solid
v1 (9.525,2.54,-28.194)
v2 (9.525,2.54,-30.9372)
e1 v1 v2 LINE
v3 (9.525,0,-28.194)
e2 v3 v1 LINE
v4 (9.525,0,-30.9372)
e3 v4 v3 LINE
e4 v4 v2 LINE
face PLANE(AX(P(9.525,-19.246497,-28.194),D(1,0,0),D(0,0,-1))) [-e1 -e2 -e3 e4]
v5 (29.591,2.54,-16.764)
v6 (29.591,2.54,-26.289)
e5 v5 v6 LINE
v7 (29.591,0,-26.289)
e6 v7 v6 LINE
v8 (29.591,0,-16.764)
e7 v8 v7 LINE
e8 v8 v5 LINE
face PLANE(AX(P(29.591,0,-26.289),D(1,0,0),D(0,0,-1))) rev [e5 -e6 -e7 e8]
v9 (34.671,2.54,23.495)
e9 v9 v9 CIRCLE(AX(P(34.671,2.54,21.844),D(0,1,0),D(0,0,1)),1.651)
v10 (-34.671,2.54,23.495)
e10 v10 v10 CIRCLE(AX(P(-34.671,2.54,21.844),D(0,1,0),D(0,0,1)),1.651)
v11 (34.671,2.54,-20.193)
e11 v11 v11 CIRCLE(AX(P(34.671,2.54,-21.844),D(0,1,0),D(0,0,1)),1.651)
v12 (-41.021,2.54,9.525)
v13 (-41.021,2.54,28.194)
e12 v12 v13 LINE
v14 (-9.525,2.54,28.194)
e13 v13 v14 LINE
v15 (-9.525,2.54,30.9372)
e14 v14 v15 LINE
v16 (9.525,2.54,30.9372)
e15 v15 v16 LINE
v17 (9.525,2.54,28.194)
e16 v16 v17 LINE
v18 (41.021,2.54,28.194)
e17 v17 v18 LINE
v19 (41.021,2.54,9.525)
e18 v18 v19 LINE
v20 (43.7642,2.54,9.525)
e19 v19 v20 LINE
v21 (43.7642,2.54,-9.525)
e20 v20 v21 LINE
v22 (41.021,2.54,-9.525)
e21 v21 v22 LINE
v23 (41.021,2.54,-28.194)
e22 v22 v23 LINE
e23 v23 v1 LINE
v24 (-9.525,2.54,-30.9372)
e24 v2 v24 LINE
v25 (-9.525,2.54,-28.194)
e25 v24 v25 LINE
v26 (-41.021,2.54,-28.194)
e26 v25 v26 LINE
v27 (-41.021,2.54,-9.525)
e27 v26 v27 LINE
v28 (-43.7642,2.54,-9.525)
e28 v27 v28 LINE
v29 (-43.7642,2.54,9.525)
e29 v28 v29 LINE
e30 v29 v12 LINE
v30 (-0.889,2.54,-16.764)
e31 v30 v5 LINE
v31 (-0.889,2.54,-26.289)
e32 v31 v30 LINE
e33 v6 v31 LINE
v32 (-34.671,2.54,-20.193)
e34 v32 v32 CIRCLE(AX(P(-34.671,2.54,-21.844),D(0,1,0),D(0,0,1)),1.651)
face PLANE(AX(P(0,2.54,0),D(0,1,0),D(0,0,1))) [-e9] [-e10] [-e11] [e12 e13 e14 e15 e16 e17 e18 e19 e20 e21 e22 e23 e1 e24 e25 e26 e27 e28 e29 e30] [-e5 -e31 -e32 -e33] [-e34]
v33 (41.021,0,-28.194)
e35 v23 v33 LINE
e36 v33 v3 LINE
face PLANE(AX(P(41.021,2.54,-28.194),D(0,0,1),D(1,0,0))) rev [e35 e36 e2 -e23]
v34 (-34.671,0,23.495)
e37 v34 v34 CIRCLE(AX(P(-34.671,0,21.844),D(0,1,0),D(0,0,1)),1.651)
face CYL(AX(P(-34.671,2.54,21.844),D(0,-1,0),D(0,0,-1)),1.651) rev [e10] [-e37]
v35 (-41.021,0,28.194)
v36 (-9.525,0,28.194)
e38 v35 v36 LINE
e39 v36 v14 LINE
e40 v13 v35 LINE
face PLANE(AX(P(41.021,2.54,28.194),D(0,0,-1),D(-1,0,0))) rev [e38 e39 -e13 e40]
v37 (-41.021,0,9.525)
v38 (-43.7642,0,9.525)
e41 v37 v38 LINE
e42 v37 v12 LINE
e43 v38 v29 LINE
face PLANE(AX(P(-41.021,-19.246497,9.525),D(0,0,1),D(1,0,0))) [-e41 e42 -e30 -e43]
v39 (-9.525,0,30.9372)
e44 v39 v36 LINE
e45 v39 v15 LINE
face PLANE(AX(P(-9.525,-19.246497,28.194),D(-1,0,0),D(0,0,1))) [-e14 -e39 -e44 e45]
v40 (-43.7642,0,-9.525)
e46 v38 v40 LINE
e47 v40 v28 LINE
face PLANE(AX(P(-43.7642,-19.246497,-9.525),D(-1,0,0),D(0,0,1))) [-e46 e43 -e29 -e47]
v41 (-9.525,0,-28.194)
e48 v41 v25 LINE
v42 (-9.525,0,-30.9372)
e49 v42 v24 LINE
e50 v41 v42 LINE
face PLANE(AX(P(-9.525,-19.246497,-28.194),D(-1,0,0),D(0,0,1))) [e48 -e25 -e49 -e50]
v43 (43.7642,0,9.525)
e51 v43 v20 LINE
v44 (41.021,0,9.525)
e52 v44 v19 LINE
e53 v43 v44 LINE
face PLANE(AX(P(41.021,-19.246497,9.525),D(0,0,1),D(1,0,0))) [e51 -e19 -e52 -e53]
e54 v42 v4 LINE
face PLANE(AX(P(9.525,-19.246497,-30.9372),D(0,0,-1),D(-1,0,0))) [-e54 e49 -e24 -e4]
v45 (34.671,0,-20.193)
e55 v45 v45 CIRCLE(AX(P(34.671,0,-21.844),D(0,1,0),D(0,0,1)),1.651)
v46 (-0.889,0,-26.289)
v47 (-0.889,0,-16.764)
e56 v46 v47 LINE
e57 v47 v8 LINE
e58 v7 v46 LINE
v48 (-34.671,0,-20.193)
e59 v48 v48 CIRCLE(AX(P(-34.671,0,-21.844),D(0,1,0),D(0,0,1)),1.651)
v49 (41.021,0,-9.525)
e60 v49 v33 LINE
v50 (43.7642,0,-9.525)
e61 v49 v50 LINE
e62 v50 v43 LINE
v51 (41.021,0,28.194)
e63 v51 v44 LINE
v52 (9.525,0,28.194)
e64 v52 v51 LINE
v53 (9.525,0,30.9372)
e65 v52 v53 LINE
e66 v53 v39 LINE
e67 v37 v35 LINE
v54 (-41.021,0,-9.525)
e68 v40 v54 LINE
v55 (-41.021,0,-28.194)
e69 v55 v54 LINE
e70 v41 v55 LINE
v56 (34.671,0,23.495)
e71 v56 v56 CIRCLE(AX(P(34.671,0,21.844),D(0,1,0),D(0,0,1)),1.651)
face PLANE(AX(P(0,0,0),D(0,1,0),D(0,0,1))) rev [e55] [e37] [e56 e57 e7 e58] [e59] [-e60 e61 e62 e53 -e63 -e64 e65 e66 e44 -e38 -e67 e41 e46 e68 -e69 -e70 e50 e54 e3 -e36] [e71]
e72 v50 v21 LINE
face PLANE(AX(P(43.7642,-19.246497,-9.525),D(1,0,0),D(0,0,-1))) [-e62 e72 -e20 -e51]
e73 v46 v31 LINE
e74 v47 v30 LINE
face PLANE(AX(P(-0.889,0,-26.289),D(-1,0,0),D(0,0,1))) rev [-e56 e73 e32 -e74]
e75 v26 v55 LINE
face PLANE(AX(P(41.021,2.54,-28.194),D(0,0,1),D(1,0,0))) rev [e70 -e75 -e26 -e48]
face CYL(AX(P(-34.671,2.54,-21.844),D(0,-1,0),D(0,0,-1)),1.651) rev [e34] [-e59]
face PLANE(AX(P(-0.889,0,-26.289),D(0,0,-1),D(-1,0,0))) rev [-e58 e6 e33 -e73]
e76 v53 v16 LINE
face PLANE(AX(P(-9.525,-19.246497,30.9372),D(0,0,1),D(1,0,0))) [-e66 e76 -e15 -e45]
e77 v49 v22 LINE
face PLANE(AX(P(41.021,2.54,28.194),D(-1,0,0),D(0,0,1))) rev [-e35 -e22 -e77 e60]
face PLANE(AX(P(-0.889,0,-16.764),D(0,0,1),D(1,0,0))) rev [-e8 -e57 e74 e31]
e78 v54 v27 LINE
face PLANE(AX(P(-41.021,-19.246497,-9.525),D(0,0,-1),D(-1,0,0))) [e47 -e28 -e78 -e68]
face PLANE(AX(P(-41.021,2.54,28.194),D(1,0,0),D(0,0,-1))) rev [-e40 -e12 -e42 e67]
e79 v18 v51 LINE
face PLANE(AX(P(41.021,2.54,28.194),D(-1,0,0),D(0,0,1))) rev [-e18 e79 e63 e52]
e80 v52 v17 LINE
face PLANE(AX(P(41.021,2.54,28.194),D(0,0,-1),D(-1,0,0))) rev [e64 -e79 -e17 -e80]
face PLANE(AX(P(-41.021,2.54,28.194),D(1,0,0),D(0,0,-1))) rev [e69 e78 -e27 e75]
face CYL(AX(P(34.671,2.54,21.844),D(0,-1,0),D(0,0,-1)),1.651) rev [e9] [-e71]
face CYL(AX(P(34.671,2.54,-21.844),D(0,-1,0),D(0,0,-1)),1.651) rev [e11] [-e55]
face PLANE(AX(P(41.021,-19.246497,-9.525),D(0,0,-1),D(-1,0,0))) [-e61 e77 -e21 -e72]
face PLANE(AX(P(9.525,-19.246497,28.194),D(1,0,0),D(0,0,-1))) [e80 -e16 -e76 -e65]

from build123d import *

# Parameters (mm, degrees)
SKETCH1_W           = 82.042
SKETCH1_H           = 56.388
SKETCH1_R           = 1.651
BOSS_EXTRUDE1_DEPTH = 2.54
SKETCH2_W           = 19.05
SKETCH2_H           = 2.7432
SKETCH2_W_2         = 2.7432
SKETCH2_H_2         = 19.05
BOSS_EXTRUDE2_DEPTH = 2.54
SKETCH3_W           = 30.48
SKETCH3_H           = 9.525
CUT_EXTRUDE1_DEPTH  = 3.54


with BuildPart() as part:
    # Sketch1 → Boss-Extrude1 (new body)
    with BuildSketch(Plane(origin=(0, 0, 0), x_dir=(1, 0, 0), z_dir=(0, 1, 0))):
        Rectangle(SKETCH1_W, SKETCH1_H)
        with Locations((-34.671, 21.844)):
            Circle(SKETCH1_R, mode=Mode.SUBTRACT)
        with Locations((-34.671, -21.844)):
            Circle(SKETCH1_R, mode=Mode.SUBTRACT)
        with Locations((34.671, -21.844)):
            Circle(SKETCH1_R, mode=Mode.SUBTRACT)
        with Locations((34.671, 21.844)):
            Circle(SKETCH1_R, mode=Mode.SUBTRACT)
    extrude(amount=BOSS_EXTRUDE1_DEPTH)

    # Sketch2 → Boss-Extrude2 (add)
    with BuildSketch(Plane(origin=(0, 2.54, 0), x_dir=(1, 0, 0), z_dir=(0, 1, 0))):
        with Locations((0, 29.5656)):
            Rectangle(SKETCH2_W, SKETCH2_H)
        with Locations((0, -29.5656)):
            Rectangle(SKETCH2_W, SKETCH2_H)
        with Locations((42.3926, 0)):
            Rectangle(SKETCH2_W_2, SKETCH2_H_2)
        with Locations((-42.3926, 0)):
            Rectangle(SKETCH2_W_2, SKETCH2_H_2)
    extrude(amount=-BOSS_EXTRUDE2_DEPTH)

    # Sketch3 → Cut-Extrude1 (cut, through all)
    with BuildSketch(Plane(origin=(0, 2.54, 0), x_dir=(1, 0, 0), z_dir=(0, 1, 0))):
        with Locations((14.351, 21.5265)):
            Rectangle(SKETCH3_W, SKETCH3_H)
    extrude(amount=-CUT_EXTRUDE1_DEPTH, mode=Mode.SUBTRACT)


solid = part.part
